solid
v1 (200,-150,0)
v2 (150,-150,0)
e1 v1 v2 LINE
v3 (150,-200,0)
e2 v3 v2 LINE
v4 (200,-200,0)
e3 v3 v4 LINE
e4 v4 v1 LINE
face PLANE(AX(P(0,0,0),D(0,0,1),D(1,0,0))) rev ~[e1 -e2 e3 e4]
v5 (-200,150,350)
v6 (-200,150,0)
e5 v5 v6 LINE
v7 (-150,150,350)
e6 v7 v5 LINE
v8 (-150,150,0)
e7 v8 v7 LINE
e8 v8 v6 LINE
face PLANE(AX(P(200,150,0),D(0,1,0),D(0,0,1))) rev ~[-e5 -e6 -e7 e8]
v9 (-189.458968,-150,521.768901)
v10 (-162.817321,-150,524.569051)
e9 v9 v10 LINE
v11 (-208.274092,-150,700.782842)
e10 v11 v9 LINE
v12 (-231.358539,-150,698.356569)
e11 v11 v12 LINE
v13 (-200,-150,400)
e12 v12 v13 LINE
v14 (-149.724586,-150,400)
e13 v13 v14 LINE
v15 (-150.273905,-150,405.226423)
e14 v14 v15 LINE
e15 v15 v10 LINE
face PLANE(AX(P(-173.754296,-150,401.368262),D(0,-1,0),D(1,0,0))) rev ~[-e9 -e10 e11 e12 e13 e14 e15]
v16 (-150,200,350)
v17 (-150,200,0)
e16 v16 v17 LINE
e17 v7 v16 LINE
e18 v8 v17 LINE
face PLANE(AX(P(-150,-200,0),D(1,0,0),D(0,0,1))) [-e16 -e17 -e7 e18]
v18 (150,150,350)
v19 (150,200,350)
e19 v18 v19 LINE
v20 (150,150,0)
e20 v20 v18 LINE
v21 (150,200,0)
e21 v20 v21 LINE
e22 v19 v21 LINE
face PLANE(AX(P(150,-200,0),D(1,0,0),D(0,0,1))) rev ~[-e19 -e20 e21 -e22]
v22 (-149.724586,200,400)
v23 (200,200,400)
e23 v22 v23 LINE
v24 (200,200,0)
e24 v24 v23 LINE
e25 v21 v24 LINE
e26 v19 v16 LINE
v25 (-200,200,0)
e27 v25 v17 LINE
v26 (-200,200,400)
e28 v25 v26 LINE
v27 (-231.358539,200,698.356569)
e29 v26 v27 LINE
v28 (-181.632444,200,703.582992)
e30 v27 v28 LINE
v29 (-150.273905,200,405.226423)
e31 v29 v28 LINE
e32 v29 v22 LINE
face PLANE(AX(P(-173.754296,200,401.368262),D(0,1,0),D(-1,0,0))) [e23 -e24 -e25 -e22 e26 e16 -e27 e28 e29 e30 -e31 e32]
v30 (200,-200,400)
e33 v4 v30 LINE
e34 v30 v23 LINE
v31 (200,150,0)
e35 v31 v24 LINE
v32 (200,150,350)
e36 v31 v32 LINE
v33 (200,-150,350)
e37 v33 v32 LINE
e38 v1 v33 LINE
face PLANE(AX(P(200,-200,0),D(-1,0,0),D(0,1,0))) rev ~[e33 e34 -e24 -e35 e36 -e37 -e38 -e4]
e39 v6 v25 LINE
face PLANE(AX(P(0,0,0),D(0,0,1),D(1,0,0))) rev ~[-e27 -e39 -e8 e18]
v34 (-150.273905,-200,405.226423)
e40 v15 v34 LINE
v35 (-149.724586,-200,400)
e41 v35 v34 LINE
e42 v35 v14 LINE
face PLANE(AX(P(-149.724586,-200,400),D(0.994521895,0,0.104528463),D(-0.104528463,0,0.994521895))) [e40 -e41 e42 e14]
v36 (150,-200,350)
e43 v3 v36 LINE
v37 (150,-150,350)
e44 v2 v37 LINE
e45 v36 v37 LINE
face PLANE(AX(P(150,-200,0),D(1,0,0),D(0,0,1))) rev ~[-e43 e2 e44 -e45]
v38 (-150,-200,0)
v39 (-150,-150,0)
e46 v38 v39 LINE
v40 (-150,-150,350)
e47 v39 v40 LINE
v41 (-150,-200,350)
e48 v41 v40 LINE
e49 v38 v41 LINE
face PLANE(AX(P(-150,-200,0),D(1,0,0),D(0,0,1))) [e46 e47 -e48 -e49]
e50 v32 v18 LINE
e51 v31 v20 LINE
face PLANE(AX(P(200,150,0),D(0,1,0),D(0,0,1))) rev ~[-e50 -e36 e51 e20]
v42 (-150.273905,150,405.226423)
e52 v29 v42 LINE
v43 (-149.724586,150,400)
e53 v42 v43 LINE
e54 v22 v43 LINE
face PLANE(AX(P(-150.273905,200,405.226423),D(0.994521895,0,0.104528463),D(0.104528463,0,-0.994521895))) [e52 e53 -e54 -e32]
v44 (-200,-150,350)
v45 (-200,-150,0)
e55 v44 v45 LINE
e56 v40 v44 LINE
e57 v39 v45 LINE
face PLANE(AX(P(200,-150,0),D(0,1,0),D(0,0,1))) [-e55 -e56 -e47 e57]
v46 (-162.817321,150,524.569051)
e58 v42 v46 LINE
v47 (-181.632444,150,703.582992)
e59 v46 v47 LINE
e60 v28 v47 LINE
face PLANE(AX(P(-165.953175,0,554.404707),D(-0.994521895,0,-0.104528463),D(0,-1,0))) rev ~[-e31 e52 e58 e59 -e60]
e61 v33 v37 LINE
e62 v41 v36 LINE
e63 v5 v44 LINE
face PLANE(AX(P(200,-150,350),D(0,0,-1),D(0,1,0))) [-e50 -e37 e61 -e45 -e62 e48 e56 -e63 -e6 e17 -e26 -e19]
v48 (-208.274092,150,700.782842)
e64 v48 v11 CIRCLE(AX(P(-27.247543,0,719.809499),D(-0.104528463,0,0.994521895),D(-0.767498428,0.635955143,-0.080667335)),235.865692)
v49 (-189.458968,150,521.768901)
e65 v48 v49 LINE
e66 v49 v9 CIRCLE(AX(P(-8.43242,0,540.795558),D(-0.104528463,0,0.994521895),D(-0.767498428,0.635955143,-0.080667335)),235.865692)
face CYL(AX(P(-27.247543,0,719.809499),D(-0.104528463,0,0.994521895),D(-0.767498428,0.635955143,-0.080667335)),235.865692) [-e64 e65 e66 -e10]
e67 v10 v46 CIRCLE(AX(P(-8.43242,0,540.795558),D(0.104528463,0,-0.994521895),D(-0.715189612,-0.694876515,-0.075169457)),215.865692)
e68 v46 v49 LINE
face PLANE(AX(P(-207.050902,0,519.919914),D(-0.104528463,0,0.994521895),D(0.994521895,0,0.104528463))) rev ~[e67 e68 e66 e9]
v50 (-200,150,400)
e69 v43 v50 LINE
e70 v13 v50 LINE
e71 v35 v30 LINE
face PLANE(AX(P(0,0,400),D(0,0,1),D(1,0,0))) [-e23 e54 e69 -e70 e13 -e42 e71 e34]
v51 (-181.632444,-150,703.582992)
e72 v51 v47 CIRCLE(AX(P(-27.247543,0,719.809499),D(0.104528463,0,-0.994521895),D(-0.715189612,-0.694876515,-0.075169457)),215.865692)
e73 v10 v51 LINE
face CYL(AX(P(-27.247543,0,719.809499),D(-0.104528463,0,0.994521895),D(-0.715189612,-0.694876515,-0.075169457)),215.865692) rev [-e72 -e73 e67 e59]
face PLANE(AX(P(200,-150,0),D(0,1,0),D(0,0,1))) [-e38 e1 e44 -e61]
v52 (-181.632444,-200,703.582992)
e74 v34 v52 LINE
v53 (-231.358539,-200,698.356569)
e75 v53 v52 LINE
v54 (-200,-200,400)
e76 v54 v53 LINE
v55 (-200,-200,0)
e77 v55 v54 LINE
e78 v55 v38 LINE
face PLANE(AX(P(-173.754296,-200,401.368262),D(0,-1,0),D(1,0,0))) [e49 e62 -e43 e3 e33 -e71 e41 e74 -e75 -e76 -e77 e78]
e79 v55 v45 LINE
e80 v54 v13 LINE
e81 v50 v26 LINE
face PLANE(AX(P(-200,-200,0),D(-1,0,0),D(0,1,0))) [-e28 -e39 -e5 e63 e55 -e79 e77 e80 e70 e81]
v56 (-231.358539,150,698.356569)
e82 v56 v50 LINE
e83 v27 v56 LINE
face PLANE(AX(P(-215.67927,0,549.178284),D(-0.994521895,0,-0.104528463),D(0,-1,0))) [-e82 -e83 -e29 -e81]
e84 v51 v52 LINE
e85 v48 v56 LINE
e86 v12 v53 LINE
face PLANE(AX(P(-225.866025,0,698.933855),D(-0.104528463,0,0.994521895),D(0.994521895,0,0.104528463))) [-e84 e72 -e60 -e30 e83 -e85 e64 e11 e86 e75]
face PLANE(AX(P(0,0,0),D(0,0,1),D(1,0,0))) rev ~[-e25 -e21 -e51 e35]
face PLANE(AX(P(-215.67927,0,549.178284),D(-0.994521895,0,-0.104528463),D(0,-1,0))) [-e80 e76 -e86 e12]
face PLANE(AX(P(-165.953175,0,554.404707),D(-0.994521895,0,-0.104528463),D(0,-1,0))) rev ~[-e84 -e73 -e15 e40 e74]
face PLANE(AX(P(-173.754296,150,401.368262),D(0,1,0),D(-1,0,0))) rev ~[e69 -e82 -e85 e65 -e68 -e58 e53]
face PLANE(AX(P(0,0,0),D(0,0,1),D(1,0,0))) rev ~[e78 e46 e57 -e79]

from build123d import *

# Parameters (mm, degrees)
F0_W      = 400
F0_H      = 400
F1_DEPTH  = 400
F2_W      = 300
F2_H      = 350
F3_DEPTH  = 400.001
F4_W      = 300
F4_H      = 350
F5_DEPTH  = 400.001
F10_W     = 400
F10_H     = 300
F11_DEPTH = 50
F12_W     = 300
F12_H     = 300
F13_DEPTH = 122.9991389297
F15_DEPTH = 50
F17_DEPTH = 50
F19_DEPTH = 180


with BuildPart() as f1:
    # F0 (on Top) → F1 (new body)
    with BuildSketch(Plane.XY):
        Rectangle(F0_W, F0_H)
    extrude(amount=F1_DEPTH)

    # F2 (on face) → F3 (cut, through all)
    with BuildSketch(Plane.XZ.offset(200)):
        with Locations((0, 175)):
            Rectangle(F2_W, F2_H)
    extrude(amount=-F3_DEPTH, mode=Mode.SUBTRACT)

    # F4 (on face) → F5 (cut, through all)
    with BuildSketch(Plane.YZ.offset(200)):
        with Locations((0, 175)):
            Rectangle(F4_W, F4_H)
    extrude(amount=-F5_DEPTH, mode=Mode.SUBTRACT)



with BuildPart() as f11:
    # F10 (on line) → F11 (new body)
    with BuildSketch(Plane(origin=(-156.2324219098, 0, -16.4206892285), x_dir=(0, -1, 0), z_dir=(-0.9945218954, 0, -0.1045284633))):
        with Locations((0, 568.7144508008)):
            Rectangle(F10_W, F10_H)
    extrude(amount=-F11_DEPTH)

    # F12 (on face) → F13 (cut, through all)
    with BuildSketch(Plane(origin=(-106.5063271414, 0, -11.1942660652), x_dir=(0, 1, 0), z_dir=(0.9945218954, 0, 0.1045284633))):
        with Locations((0, 568.7144508008)):
            Rectangle(F12_W, F12_H)
    extrude(amount=-F13_DEPTH, mode=Mode.SUBTRACT)


with BuildPart() as f1_1:
    add(f1.part)

    add(f11.part)  # F15 merges F11
    # F14 (on face) → F15 (join)
    with BuildSketch(Plane(origin=(0, 200, 0), x_dir=(-1, 0, 0), z_dir=(0, 1, 0))):
        Polygon((149.7245860218, 400), (200, 400), (150.2739052316, 405.2264231634), align=None)
    extrude(amount=-F15_DEPTH)

    # F16 (on face) → F17 (join)
    with BuildSketch(Plane.XZ.offset(200)):
        Polygon((-150.2739052316, 405.2264231634), (-200, 400), (-149.7245860218, 400), align=None)
    extrude(amount=-F17_DEPTH)

    # F18 (on face) → F19 (join)
    with BuildSketch(Plane(origin=(-75.1261170705, 0, 714.777257839), x_dir=(0.9945218954, 0, 0.1045284633), z_dir=(-0.1045284633, 0, 0.9945218954))):
        with BuildLine():
            ThreePointArc((-107.0929937666, -150), (-167.7233901133, 0), (-107.0929937666, 150))
            Line((-107.0929937666, 150), (-133.8813907821, 150))
            ThreePointArc((-133.8813907821, 150), (-187.7233901133, 0), (-133.8813907821, -150))
            Line((-133.8813907821, -150), (-107.0929937666, -150))
        make_face()
    extrude(amount=-F19_DEPTH)


solid = f1_1.part
